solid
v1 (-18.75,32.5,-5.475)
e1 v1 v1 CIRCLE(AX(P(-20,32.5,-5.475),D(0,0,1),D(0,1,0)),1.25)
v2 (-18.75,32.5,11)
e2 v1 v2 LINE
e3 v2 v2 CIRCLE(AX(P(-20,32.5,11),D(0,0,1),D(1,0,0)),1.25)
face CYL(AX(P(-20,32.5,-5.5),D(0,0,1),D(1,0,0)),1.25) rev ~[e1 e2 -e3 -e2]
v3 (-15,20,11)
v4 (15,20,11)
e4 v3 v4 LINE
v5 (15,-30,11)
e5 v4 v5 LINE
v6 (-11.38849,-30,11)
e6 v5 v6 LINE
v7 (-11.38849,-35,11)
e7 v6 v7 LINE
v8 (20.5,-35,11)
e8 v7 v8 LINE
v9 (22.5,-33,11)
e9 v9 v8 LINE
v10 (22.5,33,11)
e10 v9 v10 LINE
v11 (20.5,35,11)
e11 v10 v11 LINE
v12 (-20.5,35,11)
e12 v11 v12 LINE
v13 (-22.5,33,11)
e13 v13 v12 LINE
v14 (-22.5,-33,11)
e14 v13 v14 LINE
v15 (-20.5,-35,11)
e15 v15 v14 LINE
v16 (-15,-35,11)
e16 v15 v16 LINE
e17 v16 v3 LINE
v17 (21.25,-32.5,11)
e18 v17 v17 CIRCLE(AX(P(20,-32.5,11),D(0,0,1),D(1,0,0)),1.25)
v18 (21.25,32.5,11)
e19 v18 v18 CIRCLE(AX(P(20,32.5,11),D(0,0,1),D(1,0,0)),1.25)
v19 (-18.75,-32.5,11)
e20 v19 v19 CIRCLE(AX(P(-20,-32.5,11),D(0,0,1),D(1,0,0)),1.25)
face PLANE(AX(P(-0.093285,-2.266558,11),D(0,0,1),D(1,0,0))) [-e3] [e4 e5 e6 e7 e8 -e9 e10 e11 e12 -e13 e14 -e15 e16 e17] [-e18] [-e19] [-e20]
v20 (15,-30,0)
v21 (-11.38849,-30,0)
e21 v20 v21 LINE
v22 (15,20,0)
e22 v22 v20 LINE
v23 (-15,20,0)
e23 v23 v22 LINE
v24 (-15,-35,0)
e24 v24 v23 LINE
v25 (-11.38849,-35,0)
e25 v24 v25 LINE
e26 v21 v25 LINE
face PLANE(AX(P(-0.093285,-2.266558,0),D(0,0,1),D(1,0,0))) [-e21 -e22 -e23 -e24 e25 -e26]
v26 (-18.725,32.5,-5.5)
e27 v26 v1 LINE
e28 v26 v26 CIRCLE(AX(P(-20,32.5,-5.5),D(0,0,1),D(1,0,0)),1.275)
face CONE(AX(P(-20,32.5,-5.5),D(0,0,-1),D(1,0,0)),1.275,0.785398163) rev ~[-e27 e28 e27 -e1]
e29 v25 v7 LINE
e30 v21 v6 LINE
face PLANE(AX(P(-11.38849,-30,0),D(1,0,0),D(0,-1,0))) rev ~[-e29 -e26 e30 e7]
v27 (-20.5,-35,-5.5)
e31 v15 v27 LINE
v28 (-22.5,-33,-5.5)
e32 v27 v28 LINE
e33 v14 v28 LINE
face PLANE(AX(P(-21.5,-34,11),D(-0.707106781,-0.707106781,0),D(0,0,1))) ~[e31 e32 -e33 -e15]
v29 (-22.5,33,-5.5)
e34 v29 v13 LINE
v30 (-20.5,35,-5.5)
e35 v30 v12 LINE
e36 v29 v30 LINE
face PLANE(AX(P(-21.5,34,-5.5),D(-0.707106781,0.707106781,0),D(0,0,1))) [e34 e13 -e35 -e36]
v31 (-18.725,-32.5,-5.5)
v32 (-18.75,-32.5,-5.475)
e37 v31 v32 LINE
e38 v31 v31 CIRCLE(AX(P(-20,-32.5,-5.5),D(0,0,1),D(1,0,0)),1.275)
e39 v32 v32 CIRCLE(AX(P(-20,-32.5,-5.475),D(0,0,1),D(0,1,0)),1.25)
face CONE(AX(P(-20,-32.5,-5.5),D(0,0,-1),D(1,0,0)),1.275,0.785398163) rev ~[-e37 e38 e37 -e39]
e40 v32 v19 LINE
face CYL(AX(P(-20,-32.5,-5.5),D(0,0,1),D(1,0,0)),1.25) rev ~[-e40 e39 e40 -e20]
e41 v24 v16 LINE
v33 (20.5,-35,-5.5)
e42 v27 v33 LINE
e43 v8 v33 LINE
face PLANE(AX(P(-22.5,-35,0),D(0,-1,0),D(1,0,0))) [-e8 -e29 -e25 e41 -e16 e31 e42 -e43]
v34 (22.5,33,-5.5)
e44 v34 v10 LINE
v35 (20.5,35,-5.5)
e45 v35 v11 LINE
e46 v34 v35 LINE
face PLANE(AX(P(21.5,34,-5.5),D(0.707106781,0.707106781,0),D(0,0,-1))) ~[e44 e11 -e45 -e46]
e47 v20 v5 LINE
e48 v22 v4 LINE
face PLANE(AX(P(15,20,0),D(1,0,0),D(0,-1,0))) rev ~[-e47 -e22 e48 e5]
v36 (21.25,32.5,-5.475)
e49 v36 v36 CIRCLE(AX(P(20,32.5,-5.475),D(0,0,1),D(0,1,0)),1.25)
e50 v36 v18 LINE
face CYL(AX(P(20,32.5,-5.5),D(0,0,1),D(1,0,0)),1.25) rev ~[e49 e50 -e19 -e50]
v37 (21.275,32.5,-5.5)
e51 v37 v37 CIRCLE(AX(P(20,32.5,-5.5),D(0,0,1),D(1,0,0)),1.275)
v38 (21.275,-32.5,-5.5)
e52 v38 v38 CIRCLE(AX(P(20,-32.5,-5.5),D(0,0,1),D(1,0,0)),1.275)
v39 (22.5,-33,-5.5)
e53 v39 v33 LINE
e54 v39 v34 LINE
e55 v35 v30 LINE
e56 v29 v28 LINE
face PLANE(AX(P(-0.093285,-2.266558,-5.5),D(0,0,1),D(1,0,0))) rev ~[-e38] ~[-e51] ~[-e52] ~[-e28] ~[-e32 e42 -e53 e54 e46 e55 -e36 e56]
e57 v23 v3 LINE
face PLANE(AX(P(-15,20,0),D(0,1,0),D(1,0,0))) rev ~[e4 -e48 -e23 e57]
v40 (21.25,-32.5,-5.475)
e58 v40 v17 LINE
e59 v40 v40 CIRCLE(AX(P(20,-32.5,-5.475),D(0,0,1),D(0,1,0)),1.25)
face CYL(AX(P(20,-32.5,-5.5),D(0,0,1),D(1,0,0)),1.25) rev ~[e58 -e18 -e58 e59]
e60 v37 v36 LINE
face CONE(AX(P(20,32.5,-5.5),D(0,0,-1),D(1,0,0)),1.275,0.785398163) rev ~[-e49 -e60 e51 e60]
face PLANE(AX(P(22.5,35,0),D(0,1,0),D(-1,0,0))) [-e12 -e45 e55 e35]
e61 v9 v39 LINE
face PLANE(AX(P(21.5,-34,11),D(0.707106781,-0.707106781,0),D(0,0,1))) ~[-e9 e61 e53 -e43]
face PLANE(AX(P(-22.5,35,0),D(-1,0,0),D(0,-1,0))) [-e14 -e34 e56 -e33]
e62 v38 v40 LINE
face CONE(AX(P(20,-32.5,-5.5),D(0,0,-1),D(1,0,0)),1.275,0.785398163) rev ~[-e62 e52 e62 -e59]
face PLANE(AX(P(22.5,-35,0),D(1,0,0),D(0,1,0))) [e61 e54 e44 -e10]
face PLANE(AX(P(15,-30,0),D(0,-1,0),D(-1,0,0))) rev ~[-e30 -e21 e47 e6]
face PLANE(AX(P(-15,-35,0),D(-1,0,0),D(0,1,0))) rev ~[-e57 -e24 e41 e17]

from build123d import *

# Parameters (mm, degrees)
BOSS_EXTRUDE1_DEPTH               = 11
SKETCH1_3_W                       = 45
SKETCH1_3_H                       = 70
BOSS_EXTRUDE2_DEPTH               = 5.5
TAP_DRILL_FOR_M3_TAP1_D           = 2.5
TAP_DRILL_FOR_M3_TAP1_CSINK_D     = 2.55
TAP_DRILL_FOR_M3_TAP1_CSINK_ANGLE = 90
CHAMFER1_SIZE                     = 2


with BuildPart() as part:
    # Sketch1 → Boss-Extrude1 (new body)
    with BuildSketch(Plane.XY):
        Polygon((-11.388490073, -35), (22.5, -35), (22.5, 35), (-22.5, 35), (-22.5, -35), (-15, -35), (-15, -30), (-15, 20), (15, 20), (15, -30), (-11.388490073, -30), align=None)
    extrude(amount=BOSS_EXTRUDE1_DEPTH)

    # Sketch1<3> → Boss-Extrude2 (add)
    with BuildSketch(Plane.XY):
        Rectangle(SKETCH1_3_W, SKETCH1_3_H)
    extrude(amount=-BOSS_EXTRUDE2_DEPTH)

    # Tap Drill for M3 Tap1 (through all)
    with Locations(Plane(origin=(0, 0, -5.5), x_dir=(-1, 0, 0), z_dir=(0, 0, -1))):
        with Locations((20, 32.5), (-20, 32.5), (-20, -32.5), (20, -32.5)):
            CounterSinkHole(TAP_DRILL_FOR_M3_TAP1_D / 2, TAP_DRILL_FOR_M3_TAP1_CSINK_D / 2, counter_sink_angle=TAP_DRILL_FOR_M3_TAP1_CSINK_ANGLE)

    # Chamfer1
    chamfer1_edges = [part.edges().sort_by_distance(p)[0] for p in [
        (22.5, -35, 2.75),
        (22.5, 35, 2.75),
        (-22.5, 35, 2.75),
        (-22.5, -35, 2.75),
    ]]
    chamfer(chamfer1_edges, length=CHAMFER1_SIZE)


solid = part.part
